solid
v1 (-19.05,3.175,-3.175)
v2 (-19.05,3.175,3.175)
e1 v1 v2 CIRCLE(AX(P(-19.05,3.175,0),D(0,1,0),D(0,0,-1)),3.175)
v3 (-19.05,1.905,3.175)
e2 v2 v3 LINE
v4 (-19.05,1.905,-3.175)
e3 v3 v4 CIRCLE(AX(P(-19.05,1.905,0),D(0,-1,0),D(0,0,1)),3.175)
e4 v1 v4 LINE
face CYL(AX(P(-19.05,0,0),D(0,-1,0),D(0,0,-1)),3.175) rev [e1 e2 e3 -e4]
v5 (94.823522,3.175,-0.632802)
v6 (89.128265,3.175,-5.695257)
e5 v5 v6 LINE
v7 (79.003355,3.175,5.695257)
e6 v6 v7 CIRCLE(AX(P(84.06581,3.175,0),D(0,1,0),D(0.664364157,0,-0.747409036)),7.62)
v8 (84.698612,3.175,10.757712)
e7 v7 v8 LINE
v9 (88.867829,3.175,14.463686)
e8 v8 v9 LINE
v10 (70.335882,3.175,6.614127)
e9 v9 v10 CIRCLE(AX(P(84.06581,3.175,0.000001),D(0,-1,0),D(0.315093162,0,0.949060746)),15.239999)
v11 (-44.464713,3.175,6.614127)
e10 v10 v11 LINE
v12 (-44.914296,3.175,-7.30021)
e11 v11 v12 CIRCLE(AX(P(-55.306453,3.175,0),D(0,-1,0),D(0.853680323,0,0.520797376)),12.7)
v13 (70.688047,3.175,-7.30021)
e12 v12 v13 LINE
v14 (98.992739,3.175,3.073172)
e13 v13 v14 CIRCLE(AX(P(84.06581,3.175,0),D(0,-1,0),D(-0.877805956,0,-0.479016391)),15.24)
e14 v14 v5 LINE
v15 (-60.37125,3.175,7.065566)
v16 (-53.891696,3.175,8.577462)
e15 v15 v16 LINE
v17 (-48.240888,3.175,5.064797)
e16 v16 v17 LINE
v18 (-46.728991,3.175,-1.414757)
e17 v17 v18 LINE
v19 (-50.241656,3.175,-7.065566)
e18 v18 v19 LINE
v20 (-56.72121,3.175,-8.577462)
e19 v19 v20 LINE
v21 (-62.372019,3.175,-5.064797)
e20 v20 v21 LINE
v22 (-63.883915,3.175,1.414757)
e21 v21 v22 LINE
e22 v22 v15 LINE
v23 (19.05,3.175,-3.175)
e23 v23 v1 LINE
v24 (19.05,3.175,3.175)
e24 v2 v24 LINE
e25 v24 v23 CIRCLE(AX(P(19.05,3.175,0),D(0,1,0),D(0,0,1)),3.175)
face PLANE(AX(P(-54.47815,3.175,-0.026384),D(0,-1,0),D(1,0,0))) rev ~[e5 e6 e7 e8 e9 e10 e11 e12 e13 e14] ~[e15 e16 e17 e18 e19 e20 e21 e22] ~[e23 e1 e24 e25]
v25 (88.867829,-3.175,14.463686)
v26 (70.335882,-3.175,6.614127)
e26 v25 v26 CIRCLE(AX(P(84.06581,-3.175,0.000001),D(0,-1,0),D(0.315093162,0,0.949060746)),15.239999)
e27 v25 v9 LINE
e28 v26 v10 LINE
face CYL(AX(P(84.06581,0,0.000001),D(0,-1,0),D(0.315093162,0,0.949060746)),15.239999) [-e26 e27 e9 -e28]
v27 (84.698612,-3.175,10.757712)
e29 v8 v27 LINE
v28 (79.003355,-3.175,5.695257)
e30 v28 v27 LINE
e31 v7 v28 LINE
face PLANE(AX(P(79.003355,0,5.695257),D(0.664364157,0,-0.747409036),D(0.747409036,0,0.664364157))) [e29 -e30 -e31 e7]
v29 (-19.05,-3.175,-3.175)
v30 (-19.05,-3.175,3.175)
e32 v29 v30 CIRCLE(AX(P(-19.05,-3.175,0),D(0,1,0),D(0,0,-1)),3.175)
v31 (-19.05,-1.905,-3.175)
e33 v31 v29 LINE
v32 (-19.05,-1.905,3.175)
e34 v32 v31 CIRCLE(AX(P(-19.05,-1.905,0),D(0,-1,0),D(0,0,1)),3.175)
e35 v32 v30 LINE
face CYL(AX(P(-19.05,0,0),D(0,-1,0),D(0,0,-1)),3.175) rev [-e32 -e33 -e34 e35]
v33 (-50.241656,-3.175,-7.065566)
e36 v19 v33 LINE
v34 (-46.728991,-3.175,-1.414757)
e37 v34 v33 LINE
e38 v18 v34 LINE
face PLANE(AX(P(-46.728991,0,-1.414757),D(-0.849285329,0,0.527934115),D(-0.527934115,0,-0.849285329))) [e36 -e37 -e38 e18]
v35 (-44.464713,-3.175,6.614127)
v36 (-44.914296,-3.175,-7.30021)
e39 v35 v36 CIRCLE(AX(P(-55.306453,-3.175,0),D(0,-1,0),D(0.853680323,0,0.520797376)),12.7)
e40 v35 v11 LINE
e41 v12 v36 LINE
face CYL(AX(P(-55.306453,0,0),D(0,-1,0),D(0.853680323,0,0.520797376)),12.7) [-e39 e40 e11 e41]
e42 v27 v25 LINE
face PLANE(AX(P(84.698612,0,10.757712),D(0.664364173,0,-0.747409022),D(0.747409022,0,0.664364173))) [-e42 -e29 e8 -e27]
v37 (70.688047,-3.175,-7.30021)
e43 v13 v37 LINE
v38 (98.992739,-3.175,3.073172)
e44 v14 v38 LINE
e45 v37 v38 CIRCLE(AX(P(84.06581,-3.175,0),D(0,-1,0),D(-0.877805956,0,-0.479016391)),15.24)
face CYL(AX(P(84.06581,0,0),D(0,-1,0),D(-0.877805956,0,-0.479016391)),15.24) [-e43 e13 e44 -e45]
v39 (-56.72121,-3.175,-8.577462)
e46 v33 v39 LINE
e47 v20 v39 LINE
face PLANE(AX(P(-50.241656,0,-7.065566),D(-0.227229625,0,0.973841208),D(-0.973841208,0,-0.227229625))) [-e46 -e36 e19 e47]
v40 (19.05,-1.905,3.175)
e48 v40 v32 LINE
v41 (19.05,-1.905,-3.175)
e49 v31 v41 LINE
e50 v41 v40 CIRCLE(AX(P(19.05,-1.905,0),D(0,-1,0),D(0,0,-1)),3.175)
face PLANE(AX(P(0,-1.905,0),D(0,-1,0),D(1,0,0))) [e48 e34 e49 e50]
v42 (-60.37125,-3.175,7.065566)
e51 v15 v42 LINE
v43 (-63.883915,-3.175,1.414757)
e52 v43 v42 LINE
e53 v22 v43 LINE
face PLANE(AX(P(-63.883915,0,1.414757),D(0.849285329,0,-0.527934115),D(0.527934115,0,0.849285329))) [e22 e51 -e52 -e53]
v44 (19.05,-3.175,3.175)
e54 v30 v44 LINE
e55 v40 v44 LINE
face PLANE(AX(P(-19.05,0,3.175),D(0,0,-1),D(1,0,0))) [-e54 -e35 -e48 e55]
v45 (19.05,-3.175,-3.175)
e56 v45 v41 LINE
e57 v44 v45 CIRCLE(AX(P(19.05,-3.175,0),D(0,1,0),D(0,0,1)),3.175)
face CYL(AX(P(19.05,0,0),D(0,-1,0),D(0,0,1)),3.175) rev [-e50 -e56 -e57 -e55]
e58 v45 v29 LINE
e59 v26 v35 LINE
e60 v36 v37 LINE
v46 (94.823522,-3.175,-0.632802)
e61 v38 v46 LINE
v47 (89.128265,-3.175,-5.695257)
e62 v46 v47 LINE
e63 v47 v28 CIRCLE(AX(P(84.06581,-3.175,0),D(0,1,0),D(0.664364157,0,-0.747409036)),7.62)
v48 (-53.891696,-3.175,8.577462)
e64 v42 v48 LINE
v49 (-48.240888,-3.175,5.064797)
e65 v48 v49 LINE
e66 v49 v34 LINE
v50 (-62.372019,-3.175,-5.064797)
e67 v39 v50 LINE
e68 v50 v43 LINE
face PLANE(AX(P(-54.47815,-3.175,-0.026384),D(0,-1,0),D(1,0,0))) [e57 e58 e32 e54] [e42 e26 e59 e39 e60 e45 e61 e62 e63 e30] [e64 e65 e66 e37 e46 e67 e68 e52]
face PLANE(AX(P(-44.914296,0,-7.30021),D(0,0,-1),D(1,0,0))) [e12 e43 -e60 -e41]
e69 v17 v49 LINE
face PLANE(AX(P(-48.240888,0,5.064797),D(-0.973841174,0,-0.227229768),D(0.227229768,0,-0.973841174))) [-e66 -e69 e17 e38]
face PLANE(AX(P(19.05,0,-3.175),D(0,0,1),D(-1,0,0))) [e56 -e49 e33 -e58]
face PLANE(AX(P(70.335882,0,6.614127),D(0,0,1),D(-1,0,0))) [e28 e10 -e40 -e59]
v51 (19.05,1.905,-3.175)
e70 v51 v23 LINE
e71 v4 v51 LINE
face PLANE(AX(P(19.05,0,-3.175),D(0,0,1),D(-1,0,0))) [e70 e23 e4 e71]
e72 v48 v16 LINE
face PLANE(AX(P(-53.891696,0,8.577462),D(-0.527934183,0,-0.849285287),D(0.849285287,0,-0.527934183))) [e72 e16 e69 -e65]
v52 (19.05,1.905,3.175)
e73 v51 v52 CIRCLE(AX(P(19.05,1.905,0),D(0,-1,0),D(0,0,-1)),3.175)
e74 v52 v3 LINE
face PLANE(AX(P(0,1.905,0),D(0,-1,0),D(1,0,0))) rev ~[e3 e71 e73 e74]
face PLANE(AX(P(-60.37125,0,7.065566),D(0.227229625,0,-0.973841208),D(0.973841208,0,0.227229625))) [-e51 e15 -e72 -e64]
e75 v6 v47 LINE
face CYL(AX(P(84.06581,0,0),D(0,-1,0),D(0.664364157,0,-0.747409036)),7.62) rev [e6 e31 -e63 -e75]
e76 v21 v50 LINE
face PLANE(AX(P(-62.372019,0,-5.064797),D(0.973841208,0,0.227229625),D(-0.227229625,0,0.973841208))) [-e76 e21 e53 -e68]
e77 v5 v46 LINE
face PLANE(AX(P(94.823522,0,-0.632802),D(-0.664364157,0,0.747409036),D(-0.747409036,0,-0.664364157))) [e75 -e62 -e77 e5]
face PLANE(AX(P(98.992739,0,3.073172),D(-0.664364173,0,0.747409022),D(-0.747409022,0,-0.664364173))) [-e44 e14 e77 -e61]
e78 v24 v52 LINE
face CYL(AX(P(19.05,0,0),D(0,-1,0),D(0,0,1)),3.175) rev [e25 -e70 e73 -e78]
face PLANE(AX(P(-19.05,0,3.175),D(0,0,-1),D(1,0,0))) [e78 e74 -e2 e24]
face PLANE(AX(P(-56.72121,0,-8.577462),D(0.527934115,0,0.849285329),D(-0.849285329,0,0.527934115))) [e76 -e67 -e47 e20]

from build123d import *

# Parameters (mm, degrees)
F1_DEPTH = 3.175
F2_DEPTH = 1.905


with BuildPart() as f1:
    # F0 (on Front) → F1 (new body, symmetric)
    with BuildSketch(Plane.XZ):
        with BuildLine():
            ThreePointArc((-44.914296, -7.30021), (-43.197151, -3.828159), (-42.606453, 0))
            ThreePointArc((-42.606453, 0), (-43.079841, 3.435106), (-44.464713, 6.614127))
            ThreePointArc((-44.464713, 6.614127), (-67.999829, 0.410132), (-44.914296, -7.30021))
        make_face()
        Polygon((-48.240888, 5.064797), (-46.728991, -1.414757), (-50.241656, -7.065566), (-56.72121, -8.577462), (-62.372019, -5.064797), (-63.883915, 1.414757), (-60.37125, 7.065566), (-53.891696, 8.577462), align=None, mode=Mode.SUBTRACT)
        with BuildLine():
            ThreePointArc((-44.464713, 6.614127), (-43.079841, 3.435106), (-42.606453, 0))
            ThreePointArc((-42.606453, 0), (-43.197151, -3.828159), (-44.914296, -7.30021))
            Line((-44.914296, -7.30021), (70.688047, -7.30021))
            ThreePointArc((70.688047, -7.30021), (68.830689, -0.385594), (70.335882, 6.614127))
            Line((70.335882, 6.614127), (-44.464713, 6.614127))
        make_face()
        with BuildLine():
            ThreePointArc((-19.05, -3.175), (-22.225, 0), (-19.05, 3.175))
            Line((-19.05, 3.175), (19.05, 3.175))
            ThreePointArc((19.05, 3.175), (22.225, 0), (19.05, -3.175))
            Line((19.05, -3.175), (-19.05, -3.175))
        make_face(mode=Mode.SUBTRACT)
        with BuildLine():
            ThreePointArc((88.867829, 14.463686), (78.12184, 14.033062), (70.335882, 6.614127))
            ThreePointArc((70.335882, 6.614127), (68.830689, -0.385594), (70.688047, -7.30021))
            ThreePointArc((70.688047, -7.30021), (89.31002, -14.309293), (98.992739, 3.073172))
            Line((98.992739, 3.073172), (94.823522, -0.632802))
            Line((94.823522, -0.632802), (89.128265, -5.695257))
            ThreePointArc((89.128265, -5.695257), (78.370553, -5.062455), (79.003355, 5.695257))
            Line((79.003355, 5.695257), (84.698612, 10.757712))
            Line((84.698612, 10.757712), (88.867829, 14.463686))
        make_face()
    extrude(amount=F1_DEPTH, both=True)

    # F0 (on Front) → F2 (join, symmetric)
    with BuildSketch(Plane.XZ):
        with BuildLine():
            Line((19.05, 3.175), (-19.05, 3.175))
            ThreePointArc((-19.05, 3.175), (-22.225, 0), (-19.05, -3.175))
            Line((-19.05, -3.175), (19.05, -3.175))
            ThreePointArc((19.05, -3.175), (22.225, 0), (19.05, 3.175))
        make_face()
    extrude(amount=F2_DEPTH, both=True)


solid = f1.part
